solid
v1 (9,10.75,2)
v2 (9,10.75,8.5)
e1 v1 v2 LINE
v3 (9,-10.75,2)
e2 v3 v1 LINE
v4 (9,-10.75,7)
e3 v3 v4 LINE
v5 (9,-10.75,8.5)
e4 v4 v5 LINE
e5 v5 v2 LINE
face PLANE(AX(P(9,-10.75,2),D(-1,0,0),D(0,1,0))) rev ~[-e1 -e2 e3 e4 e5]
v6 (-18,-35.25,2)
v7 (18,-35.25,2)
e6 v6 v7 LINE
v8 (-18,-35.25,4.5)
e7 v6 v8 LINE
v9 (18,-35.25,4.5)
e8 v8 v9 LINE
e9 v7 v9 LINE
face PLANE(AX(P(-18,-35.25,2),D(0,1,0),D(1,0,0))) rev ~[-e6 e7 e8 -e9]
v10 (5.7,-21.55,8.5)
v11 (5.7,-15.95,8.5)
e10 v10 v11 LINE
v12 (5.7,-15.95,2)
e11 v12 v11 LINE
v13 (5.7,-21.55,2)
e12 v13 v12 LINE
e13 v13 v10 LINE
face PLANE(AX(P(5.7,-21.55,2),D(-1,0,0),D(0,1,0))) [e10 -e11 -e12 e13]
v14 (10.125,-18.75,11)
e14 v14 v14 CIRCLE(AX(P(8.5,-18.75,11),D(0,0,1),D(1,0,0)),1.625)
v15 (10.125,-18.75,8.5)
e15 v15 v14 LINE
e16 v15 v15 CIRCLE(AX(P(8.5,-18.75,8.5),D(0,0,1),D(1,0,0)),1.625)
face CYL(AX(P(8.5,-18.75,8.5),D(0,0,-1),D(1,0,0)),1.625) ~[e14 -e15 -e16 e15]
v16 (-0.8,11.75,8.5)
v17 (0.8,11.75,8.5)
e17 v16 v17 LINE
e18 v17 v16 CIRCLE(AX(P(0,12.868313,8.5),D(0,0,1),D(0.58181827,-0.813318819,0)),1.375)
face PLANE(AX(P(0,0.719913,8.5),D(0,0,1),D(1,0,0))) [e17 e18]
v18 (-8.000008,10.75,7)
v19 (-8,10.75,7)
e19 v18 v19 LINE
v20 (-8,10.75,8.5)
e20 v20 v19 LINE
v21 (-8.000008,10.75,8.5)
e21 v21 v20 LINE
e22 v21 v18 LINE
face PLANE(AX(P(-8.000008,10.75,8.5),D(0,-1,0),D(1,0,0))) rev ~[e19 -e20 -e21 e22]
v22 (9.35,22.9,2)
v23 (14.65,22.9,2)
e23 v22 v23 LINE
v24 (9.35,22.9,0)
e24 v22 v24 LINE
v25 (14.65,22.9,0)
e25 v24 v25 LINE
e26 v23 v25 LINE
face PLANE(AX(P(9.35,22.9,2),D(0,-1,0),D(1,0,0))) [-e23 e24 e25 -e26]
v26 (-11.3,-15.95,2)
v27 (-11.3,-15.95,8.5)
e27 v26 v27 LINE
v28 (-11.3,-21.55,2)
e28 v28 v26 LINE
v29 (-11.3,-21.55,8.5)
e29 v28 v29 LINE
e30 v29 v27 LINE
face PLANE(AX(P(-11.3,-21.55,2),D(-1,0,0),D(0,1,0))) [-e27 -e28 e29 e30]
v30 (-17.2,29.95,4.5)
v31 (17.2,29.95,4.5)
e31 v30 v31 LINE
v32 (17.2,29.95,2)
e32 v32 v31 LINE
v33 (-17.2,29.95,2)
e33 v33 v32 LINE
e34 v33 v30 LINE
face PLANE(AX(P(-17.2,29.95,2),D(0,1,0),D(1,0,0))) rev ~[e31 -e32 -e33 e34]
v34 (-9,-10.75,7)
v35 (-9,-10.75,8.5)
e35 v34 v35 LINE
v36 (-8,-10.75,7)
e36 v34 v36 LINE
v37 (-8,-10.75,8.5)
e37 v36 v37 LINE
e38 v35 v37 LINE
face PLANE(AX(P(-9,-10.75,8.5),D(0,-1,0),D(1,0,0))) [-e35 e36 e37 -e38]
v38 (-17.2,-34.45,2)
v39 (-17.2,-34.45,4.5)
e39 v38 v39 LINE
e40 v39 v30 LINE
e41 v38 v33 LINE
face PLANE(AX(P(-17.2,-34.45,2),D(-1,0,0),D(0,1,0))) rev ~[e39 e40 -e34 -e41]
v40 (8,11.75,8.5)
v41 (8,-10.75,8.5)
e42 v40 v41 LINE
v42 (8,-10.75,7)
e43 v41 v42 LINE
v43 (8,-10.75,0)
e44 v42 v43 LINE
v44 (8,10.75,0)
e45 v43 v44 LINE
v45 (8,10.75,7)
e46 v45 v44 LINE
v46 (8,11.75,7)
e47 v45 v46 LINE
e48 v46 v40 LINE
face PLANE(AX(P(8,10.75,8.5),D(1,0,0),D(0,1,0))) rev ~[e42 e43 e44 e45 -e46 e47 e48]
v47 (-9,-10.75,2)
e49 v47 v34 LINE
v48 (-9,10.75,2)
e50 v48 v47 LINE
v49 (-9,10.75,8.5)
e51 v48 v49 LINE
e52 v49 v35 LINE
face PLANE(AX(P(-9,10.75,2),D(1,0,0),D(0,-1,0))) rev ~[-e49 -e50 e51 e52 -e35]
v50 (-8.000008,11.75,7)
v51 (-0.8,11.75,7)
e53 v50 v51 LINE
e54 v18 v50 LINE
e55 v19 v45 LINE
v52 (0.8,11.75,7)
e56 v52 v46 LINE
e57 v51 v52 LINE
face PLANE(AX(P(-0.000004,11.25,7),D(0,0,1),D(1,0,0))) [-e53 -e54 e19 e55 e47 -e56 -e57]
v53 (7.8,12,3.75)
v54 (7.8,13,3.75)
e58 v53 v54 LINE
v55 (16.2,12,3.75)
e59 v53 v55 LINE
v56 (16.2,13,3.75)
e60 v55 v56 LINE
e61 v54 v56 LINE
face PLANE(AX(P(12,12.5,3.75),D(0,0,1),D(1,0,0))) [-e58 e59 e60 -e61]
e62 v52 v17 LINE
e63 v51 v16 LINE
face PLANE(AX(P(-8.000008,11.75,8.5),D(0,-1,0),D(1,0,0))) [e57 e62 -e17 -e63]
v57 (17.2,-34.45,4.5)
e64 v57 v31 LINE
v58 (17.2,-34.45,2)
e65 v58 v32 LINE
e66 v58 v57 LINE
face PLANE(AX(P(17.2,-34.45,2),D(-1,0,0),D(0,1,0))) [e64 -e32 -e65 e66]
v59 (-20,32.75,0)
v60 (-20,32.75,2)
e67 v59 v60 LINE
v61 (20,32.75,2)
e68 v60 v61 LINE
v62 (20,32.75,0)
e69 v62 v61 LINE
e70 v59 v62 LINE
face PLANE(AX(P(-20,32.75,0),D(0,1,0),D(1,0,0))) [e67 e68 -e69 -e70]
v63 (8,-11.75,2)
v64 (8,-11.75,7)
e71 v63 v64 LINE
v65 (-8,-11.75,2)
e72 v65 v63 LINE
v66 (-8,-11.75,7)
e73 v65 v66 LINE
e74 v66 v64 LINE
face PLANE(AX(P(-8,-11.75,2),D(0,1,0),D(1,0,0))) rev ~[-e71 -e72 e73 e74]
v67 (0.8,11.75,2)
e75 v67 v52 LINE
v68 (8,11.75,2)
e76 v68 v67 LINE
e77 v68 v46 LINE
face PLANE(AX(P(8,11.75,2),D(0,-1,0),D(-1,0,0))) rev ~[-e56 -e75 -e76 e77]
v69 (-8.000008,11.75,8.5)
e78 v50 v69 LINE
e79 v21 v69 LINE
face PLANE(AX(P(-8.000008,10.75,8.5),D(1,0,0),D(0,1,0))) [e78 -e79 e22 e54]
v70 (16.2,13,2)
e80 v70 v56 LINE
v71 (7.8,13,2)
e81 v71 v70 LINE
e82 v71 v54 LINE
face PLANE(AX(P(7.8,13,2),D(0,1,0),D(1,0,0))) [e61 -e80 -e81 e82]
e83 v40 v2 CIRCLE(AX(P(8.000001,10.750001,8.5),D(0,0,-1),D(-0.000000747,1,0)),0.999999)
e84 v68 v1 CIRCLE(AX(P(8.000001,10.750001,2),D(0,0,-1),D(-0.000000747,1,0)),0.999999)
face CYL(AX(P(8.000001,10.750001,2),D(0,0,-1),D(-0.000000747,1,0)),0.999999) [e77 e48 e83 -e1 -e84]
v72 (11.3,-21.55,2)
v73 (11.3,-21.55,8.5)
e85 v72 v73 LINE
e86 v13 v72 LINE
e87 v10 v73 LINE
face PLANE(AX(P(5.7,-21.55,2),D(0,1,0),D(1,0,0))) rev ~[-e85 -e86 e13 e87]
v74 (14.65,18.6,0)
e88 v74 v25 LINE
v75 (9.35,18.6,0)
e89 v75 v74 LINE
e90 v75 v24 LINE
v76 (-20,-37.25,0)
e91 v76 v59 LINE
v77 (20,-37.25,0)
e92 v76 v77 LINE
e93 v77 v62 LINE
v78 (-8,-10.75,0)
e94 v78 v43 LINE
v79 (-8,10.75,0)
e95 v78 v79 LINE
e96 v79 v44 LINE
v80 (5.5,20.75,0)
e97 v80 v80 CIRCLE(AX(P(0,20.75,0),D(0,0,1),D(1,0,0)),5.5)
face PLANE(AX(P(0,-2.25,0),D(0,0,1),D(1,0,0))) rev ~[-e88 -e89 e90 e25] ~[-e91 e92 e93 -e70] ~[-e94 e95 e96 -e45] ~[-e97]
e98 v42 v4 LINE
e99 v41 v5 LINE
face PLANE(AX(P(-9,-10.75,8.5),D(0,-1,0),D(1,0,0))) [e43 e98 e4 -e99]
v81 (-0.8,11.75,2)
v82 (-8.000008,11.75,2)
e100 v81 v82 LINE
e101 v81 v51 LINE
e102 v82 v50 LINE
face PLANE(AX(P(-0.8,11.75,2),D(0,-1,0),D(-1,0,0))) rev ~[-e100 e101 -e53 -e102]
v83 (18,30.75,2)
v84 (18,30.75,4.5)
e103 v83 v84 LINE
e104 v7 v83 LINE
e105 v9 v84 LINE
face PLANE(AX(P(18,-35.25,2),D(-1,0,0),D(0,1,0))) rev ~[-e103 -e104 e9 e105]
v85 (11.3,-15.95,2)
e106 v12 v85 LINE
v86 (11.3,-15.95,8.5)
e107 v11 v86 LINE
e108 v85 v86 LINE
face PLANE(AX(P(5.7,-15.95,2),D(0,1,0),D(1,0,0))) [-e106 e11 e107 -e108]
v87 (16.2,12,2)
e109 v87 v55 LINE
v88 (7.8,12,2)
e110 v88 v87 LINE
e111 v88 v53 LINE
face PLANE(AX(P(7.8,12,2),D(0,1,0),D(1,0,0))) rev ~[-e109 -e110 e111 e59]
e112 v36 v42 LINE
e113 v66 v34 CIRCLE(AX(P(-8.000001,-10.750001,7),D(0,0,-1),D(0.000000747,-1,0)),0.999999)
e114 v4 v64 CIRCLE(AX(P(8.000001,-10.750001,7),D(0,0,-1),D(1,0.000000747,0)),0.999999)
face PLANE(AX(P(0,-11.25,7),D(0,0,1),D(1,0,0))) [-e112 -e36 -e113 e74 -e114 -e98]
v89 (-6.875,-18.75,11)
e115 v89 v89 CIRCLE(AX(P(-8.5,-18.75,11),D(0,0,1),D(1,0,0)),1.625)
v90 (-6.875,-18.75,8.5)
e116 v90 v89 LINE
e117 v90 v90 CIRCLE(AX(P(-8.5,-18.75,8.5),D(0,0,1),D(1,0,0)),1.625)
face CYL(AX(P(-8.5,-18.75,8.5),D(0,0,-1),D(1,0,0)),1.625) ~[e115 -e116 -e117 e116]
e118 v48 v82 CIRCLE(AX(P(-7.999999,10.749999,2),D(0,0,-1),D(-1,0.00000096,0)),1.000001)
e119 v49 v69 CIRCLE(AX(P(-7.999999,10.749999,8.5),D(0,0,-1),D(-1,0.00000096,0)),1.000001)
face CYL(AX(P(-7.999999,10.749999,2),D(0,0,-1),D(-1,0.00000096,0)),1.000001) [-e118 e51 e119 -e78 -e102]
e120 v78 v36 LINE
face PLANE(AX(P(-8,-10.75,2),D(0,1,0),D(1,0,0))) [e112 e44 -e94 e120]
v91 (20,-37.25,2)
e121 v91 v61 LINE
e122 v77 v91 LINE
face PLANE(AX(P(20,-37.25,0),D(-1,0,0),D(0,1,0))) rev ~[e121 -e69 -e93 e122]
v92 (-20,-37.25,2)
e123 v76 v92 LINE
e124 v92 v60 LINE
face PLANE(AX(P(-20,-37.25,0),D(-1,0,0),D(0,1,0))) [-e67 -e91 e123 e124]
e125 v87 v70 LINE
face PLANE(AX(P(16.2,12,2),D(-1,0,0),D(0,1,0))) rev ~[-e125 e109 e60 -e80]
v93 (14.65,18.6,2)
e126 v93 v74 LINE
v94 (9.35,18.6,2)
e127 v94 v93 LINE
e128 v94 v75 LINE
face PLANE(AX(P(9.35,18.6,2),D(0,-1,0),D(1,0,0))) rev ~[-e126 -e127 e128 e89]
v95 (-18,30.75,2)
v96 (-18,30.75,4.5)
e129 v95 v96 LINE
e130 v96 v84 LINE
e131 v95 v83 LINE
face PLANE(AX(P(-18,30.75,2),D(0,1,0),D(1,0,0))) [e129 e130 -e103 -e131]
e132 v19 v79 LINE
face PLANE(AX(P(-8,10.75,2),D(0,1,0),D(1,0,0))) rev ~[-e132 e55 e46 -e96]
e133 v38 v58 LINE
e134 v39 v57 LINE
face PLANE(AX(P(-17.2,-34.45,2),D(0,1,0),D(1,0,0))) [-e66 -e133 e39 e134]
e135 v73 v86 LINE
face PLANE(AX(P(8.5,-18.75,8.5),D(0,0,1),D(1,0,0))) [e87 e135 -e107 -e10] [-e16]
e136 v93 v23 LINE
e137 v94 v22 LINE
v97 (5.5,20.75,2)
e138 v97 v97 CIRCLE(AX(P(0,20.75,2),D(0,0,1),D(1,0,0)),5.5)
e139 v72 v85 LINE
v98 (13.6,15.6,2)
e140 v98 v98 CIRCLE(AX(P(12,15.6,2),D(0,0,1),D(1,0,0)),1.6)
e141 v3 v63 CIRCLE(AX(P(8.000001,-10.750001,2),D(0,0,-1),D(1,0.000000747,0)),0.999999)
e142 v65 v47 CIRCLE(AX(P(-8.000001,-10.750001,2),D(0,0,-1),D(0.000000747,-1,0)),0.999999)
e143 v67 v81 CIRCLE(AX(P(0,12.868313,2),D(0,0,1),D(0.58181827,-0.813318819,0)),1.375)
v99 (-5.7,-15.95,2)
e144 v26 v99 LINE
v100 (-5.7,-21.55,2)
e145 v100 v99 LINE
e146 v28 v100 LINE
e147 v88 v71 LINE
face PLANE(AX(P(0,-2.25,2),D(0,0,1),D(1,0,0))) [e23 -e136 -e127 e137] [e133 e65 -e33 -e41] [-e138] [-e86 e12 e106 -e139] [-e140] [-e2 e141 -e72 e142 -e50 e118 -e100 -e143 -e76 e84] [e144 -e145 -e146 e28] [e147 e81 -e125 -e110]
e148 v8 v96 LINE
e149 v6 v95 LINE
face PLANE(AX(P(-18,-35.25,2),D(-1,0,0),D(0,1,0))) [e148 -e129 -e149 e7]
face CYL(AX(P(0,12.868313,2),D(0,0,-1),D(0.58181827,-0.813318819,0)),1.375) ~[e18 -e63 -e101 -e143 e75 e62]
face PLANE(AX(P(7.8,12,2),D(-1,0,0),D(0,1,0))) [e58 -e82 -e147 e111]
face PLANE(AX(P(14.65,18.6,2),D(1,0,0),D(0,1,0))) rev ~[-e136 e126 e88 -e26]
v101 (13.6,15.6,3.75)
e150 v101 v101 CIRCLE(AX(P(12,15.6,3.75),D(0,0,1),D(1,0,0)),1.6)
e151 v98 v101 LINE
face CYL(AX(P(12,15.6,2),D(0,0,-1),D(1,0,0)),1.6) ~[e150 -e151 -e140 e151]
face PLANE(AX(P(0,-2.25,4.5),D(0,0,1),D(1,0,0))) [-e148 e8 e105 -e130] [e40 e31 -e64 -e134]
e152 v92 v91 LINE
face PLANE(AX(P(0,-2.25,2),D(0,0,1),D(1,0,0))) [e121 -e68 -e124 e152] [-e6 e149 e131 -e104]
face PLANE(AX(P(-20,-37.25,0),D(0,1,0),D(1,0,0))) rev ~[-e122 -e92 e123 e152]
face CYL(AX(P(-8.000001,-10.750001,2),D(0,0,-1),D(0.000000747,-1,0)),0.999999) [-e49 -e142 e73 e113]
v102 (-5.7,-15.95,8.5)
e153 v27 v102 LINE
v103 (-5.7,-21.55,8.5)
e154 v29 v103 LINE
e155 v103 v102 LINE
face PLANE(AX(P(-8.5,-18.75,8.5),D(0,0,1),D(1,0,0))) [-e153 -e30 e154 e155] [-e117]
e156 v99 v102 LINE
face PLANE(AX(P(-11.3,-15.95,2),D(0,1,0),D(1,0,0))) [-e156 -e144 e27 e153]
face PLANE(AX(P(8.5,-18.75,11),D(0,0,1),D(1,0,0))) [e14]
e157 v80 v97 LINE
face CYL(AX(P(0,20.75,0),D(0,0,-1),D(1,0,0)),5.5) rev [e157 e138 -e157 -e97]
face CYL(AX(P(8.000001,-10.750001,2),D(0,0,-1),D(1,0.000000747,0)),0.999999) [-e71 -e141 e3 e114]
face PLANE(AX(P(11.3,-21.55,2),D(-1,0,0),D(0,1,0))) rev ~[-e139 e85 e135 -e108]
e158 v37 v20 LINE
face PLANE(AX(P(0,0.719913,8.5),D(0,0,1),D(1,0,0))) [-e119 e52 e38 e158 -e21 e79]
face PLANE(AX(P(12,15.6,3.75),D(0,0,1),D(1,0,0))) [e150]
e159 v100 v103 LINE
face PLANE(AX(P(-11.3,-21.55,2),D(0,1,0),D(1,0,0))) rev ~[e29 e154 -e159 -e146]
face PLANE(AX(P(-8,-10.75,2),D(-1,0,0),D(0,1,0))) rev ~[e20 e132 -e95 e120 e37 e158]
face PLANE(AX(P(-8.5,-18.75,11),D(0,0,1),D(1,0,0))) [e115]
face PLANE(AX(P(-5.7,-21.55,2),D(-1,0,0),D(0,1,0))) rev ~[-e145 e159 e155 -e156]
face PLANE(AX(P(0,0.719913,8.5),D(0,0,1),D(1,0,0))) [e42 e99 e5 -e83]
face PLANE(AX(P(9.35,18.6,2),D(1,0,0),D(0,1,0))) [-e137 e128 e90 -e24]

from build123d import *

# Parameters (mm, degrees)
SKETCH_W        = 40
SKETCH_H        = 70
SKETCH_R        = 5.5
SKETCH_W_2      = 16
SKETCH_H_2      = 21.5
PAD_DEPTH       = 2
SKETCH001_W     = 5.6
SKETCH001_H     = 5.6
SKETCH001_W_2   = 16
SKETCH001_H_2   = 21.5
PAD001_DEPTH    = 6.5
SKETCH002_R     = 1.625
PAD002_DEPTH    = 2.5
SKETCH003_W     = 16.000008
SKETCH003_H     = 1
SKETCH003_W_2   = 18
POCKET_DEPTH    = 1.5
SKETCH004_W     = 5.3
SKETCH004_H     = 4.3
POCKET001_DEPTH = 2.001
SKETCH005_R     = 1.6
SKETCH005_W     = 8.4
SKETCH005_H     = 1
PAD003_DEPTH    = 1.75
SKETCH006_W     = 36
SKETCH006_H     = 66
SKETCH006_W_2   = 34.4
SKETCH006_H_2   = 64.4
PAD004_DEPTH    = 2.5


with BuildPart() as part:
    # Sketch → Pad (new body)
    with BuildSketch(Plane.XY):
        with Locations((0, -2.25)):
            Rectangle(SKETCH_W, SKETCH_H)
        with Locations((0, 20.75)):
            Circle(SKETCH_R, mode=Mode.SUBTRACT)
        Rectangle(SKETCH_W_2, SKETCH_H_2, mode=Mode.SUBTRACT)
    extrude(amount=PAD_DEPTH)

    # Sketch001 (on Face11 of Pad) → Pad001 (join)
    with BuildSketch(Plane.XY.offset(2)):
        with Locations((-8.5, -18.75)):
            Rectangle(SKETCH001_W, SKETCH001_H)
        with Locations((8.5, -18.75)):
            Rectangle(SKETCH001_W, SKETCH001_H)
        with BuildLine():
            Line((-8, -11.75), (8, -11.75))
            ThreePointArc((9, -10.75), (8.707107, -11.457107), (8, -11.75))
            Line((9, -10.75), (9, 10.75))
            ThreePointArc((8, 11.75), (8.707107, 11.457107), (9, 10.75))
            Line((8, 11.75), (0.8, 11.75))
            ThreePointArc((0.8, 11.75), (0, 14.243313), (-0.8, 11.75))
            Line((-0.8, 11.75), (-8.000008, 11.75))
            ThreePointArc((-9, 10.75), (-8.707109, 11.457104), (-8.000008, 11.75))
            Line((-9, 10.75), (-9, -10.75))
            ThreePointArc((-8, -11.75), (-8.707107, -11.457107), (-9, -10.75))
        make_face()
        Rectangle(SKETCH001_W_2, SKETCH001_H_2, mode=Mode.SUBTRACT)
    extrude(amount=PAD001_DEPTH)

    # Sketch002 (on Face34 of Pad001) → Pad002 (join)
    with BuildSketch(Plane.XY.offset(8.5)):
        with Locations((-8.5, -18.75)):
            Circle(SKETCH002_R)
        with Locations((8.5, -18.75)):
            Circle(SKETCH002_R)
    extrude(amount=PAD002_DEPTH)

    # Sketch003 (on Face35 of Pad002) → Pocket (cut)
    with BuildSketch(Plane.XY.offset(8.5)):
        with Locations((-4e-06, 11.25)):
            Rectangle(SKETCH003_W, SKETCH003_H)
        with Locations((0, -11.25)):
            Rectangle(SKETCH003_W_2, SKETCH003_H)
    extrude(amount=-POCKET_DEPTH, mode=Mode.SUBTRACT)

    # Sketch004 (on Face5 of Pocket) → Pocket001 (cut, through all)
    with BuildSketch(Plane.XY.offset(2)):
        with Locations((12, 20.75)):
            Rectangle(SKETCH004_W, SKETCH004_H)
    extrude(amount=-POCKET001_DEPTH, mode=Mode.SUBTRACT)

    # Sketch005 (on Face5 of Pocket001) → Pad003 (join)
    with BuildSketch(Plane.XY.offset(2)):
        with Locations((12, 15.6)):
            Circle(SKETCH005_R)
        with Locations((12, 12.5)):
            Rectangle(SKETCH005_W, SKETCH005_H)
    extrude(amount=PAD003_DEPTH)

    # Sketch006 (on Face5 of Pad003) → Pad004 (join)
    with BuildSketch(Plane.XY.offset(2)):
        with Locations((0, -2.25)):
            Rectangle(SKETCH006_W, SKETCH006_H)
        with Locations((0, -2.25)):
            Rectangle(SKETCH006_W_2, SKETCH006_H_2, mode=Mode.SUBTRACT)
    extrude(amount=PAD004_DEPTH)


solid = part.part
